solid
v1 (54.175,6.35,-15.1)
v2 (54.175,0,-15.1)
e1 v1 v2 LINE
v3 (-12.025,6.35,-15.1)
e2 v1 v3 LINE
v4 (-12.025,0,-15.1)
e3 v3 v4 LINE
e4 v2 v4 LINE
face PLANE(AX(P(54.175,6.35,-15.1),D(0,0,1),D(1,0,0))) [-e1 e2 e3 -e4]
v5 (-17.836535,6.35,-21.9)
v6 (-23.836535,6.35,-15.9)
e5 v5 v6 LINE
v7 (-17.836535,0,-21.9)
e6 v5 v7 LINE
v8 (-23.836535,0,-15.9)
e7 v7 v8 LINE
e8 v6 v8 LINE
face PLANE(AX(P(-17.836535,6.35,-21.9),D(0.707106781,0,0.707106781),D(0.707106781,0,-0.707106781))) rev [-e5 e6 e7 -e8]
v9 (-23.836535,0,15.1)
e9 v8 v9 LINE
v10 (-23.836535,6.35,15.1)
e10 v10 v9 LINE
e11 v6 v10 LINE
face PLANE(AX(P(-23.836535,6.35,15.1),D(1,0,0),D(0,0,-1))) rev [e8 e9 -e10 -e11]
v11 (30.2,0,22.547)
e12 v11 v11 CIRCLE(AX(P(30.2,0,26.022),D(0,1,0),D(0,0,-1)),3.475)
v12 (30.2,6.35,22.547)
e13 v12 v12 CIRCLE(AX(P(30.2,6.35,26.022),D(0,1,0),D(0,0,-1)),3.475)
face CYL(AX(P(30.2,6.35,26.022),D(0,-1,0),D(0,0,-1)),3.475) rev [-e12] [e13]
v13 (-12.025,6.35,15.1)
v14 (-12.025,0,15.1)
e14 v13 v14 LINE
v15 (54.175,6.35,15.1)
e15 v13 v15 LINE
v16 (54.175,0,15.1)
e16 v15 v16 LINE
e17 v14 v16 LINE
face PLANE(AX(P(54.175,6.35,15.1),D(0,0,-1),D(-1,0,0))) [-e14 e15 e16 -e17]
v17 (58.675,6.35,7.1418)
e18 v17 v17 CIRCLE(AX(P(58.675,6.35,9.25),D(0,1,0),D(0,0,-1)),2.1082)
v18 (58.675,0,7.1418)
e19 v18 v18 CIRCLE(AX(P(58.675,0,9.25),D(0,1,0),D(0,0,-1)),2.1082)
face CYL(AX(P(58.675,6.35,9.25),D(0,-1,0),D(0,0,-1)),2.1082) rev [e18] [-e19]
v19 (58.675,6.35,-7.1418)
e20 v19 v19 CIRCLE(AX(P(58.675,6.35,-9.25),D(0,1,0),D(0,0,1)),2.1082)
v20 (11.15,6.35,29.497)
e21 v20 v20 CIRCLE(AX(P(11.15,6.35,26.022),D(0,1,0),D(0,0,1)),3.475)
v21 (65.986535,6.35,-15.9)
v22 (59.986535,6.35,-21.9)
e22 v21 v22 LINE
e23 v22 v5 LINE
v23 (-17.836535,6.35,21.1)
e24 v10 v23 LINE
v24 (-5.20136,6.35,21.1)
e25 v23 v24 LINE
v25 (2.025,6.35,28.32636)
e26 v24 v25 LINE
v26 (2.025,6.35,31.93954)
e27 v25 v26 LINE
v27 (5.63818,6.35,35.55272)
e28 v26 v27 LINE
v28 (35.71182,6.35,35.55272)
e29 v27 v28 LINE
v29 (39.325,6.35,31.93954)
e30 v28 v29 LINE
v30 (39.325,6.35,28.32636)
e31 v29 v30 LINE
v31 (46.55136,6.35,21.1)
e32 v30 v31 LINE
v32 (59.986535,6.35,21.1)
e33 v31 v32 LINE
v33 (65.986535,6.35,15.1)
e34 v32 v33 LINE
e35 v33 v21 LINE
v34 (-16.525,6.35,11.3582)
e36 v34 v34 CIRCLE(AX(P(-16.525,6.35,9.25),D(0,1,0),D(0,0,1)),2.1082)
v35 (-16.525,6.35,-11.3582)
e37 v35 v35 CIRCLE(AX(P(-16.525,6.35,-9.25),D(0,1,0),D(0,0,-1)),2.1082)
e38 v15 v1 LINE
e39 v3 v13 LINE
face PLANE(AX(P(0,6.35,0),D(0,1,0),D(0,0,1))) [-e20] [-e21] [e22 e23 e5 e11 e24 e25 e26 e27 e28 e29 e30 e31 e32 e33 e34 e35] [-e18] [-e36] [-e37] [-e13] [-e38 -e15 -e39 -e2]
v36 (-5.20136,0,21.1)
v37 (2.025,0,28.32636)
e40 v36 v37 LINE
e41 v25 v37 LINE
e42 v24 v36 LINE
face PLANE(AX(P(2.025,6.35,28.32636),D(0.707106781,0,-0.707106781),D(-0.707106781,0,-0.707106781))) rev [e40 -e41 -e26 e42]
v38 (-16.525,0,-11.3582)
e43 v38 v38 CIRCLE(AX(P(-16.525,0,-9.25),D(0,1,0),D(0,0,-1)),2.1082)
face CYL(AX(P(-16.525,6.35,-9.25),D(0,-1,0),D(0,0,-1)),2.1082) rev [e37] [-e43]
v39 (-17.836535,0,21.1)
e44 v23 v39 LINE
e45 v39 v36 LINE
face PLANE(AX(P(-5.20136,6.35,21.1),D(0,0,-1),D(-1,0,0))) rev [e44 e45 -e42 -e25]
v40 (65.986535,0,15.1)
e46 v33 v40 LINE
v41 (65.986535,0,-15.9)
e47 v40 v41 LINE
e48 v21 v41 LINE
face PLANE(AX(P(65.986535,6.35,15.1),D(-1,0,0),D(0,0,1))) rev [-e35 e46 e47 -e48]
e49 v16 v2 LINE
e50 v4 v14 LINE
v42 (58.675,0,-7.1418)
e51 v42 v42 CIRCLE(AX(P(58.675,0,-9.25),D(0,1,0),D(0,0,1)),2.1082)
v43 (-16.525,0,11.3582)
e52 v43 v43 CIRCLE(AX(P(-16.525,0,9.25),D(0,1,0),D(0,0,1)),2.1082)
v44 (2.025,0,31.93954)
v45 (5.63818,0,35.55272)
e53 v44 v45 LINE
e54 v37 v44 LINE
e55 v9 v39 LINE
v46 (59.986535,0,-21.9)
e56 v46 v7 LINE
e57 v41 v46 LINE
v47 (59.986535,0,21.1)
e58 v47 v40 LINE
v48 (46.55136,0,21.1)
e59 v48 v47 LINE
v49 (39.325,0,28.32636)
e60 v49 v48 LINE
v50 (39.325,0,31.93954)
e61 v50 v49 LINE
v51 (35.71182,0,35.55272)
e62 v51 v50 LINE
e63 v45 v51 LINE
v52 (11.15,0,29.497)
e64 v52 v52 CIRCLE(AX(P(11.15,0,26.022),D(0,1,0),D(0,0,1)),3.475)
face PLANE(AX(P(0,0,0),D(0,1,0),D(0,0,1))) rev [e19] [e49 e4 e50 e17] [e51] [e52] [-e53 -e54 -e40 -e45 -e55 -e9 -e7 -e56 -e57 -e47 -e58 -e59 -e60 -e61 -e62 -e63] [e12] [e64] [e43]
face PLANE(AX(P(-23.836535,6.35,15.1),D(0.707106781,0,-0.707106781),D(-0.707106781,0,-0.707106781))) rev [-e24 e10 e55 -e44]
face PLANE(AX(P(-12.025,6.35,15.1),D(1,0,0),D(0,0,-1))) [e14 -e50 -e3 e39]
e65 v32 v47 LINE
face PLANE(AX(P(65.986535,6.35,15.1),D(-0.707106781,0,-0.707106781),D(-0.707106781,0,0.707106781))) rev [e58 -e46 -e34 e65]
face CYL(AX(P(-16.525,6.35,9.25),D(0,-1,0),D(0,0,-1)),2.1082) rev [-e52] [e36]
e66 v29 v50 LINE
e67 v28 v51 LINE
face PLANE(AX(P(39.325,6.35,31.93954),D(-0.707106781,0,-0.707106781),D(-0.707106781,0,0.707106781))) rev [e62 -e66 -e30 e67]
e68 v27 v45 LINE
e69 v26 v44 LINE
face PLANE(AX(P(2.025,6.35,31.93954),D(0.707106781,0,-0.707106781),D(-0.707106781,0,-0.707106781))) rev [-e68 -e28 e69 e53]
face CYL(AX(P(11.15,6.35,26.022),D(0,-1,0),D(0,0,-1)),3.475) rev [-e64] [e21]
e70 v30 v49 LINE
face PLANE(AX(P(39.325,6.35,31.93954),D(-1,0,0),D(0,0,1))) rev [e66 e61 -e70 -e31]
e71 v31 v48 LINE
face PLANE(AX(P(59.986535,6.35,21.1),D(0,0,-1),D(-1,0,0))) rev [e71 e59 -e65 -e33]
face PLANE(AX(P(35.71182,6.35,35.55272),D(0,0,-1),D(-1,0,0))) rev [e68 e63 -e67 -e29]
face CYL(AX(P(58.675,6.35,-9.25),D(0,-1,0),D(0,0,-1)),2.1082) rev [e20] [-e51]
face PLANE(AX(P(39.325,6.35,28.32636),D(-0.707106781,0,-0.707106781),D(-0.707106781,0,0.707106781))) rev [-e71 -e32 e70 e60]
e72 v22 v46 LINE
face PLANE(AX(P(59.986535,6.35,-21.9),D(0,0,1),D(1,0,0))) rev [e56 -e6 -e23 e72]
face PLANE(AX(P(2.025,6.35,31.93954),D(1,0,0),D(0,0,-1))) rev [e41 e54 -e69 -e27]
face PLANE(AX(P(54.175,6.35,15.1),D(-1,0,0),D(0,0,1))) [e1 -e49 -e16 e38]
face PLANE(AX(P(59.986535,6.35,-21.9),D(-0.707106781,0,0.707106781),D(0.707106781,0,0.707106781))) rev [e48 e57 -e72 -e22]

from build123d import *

# Parameters (mm, degrees)
SKETCH1_R           = 2.1082
SKETCH1_R_2         = 3.475
SKETCH1_W           = 66.2
SKETCH1_H           = 30.2
BOSS_EXTRUDE1_DEPTH = 6.35


with BuildPart() as part:
    # Sketch1 → Boss-Extrude1 (new body)
    with BuildSketch(Plane(origin=(0, 0, 0), x_dir=(1, 0, 0), z_dir=(0, 1, 0))):
        Polygon((59.986534985, 21.9), (-17.836534985, 21.9), (-23.836534985, 15.9), (-23.836534985, -15.1), (-17.836534985, -21.1), (-5.201359875, -21.1), (2.025, -28.326359875), (2.025, -31.939539813), (5.638179938, -35.55271975), (35.711820062, -35.55271975), (39.325, -31.939539813), (39.325, -28.326359875), (46.551359875, -21.1), (59.986534985, -21.1), (65.986534985, -15.1), (65.986534985, 15.9), align=None)
        with Locations(Location((58.675, 9.25, 0), (0, 0, 270))):
            Circle(SKETCH1_R, mode=Mode.SUBTRACT)
        with Locations(Location((58.675, -9.25, 0), (0, 0, 90))):
            Circle(SKETCH1_R, mode=Mode.SUBTRACT)
        with Locations(Location((-16.525, -9.25, 0), (0, 0, 270))):
            Circle(SKETCH1_R, mode=Mode.SUBTRACT)
        with Locations(Location((-16.525, 9.25, 0), (0, 0, 90))):
            Circle(SKETCH1_R, mode=Mode.SUBTRACT)
        with Locations(Location((11.15, -26.022, 0), (0, 0, 270))):
            Circle(SKETCH1_R_2, mode=Mode.SUBTRACT)
        with Locations(Location((30.2, -26.022, 0), (0, 0, 90))):
            Circle(SKETCH1_R_2, mode=Mode.SUBTRACT)
        with Locations((21.075, 0)):
            Rectangle(SKETCH1_W, SKETCH1_H, mode=Mode.SUBTRACT)
    extrude(amount=BOSS_EXTRUDE1_DEPTH)


solid = part.part
